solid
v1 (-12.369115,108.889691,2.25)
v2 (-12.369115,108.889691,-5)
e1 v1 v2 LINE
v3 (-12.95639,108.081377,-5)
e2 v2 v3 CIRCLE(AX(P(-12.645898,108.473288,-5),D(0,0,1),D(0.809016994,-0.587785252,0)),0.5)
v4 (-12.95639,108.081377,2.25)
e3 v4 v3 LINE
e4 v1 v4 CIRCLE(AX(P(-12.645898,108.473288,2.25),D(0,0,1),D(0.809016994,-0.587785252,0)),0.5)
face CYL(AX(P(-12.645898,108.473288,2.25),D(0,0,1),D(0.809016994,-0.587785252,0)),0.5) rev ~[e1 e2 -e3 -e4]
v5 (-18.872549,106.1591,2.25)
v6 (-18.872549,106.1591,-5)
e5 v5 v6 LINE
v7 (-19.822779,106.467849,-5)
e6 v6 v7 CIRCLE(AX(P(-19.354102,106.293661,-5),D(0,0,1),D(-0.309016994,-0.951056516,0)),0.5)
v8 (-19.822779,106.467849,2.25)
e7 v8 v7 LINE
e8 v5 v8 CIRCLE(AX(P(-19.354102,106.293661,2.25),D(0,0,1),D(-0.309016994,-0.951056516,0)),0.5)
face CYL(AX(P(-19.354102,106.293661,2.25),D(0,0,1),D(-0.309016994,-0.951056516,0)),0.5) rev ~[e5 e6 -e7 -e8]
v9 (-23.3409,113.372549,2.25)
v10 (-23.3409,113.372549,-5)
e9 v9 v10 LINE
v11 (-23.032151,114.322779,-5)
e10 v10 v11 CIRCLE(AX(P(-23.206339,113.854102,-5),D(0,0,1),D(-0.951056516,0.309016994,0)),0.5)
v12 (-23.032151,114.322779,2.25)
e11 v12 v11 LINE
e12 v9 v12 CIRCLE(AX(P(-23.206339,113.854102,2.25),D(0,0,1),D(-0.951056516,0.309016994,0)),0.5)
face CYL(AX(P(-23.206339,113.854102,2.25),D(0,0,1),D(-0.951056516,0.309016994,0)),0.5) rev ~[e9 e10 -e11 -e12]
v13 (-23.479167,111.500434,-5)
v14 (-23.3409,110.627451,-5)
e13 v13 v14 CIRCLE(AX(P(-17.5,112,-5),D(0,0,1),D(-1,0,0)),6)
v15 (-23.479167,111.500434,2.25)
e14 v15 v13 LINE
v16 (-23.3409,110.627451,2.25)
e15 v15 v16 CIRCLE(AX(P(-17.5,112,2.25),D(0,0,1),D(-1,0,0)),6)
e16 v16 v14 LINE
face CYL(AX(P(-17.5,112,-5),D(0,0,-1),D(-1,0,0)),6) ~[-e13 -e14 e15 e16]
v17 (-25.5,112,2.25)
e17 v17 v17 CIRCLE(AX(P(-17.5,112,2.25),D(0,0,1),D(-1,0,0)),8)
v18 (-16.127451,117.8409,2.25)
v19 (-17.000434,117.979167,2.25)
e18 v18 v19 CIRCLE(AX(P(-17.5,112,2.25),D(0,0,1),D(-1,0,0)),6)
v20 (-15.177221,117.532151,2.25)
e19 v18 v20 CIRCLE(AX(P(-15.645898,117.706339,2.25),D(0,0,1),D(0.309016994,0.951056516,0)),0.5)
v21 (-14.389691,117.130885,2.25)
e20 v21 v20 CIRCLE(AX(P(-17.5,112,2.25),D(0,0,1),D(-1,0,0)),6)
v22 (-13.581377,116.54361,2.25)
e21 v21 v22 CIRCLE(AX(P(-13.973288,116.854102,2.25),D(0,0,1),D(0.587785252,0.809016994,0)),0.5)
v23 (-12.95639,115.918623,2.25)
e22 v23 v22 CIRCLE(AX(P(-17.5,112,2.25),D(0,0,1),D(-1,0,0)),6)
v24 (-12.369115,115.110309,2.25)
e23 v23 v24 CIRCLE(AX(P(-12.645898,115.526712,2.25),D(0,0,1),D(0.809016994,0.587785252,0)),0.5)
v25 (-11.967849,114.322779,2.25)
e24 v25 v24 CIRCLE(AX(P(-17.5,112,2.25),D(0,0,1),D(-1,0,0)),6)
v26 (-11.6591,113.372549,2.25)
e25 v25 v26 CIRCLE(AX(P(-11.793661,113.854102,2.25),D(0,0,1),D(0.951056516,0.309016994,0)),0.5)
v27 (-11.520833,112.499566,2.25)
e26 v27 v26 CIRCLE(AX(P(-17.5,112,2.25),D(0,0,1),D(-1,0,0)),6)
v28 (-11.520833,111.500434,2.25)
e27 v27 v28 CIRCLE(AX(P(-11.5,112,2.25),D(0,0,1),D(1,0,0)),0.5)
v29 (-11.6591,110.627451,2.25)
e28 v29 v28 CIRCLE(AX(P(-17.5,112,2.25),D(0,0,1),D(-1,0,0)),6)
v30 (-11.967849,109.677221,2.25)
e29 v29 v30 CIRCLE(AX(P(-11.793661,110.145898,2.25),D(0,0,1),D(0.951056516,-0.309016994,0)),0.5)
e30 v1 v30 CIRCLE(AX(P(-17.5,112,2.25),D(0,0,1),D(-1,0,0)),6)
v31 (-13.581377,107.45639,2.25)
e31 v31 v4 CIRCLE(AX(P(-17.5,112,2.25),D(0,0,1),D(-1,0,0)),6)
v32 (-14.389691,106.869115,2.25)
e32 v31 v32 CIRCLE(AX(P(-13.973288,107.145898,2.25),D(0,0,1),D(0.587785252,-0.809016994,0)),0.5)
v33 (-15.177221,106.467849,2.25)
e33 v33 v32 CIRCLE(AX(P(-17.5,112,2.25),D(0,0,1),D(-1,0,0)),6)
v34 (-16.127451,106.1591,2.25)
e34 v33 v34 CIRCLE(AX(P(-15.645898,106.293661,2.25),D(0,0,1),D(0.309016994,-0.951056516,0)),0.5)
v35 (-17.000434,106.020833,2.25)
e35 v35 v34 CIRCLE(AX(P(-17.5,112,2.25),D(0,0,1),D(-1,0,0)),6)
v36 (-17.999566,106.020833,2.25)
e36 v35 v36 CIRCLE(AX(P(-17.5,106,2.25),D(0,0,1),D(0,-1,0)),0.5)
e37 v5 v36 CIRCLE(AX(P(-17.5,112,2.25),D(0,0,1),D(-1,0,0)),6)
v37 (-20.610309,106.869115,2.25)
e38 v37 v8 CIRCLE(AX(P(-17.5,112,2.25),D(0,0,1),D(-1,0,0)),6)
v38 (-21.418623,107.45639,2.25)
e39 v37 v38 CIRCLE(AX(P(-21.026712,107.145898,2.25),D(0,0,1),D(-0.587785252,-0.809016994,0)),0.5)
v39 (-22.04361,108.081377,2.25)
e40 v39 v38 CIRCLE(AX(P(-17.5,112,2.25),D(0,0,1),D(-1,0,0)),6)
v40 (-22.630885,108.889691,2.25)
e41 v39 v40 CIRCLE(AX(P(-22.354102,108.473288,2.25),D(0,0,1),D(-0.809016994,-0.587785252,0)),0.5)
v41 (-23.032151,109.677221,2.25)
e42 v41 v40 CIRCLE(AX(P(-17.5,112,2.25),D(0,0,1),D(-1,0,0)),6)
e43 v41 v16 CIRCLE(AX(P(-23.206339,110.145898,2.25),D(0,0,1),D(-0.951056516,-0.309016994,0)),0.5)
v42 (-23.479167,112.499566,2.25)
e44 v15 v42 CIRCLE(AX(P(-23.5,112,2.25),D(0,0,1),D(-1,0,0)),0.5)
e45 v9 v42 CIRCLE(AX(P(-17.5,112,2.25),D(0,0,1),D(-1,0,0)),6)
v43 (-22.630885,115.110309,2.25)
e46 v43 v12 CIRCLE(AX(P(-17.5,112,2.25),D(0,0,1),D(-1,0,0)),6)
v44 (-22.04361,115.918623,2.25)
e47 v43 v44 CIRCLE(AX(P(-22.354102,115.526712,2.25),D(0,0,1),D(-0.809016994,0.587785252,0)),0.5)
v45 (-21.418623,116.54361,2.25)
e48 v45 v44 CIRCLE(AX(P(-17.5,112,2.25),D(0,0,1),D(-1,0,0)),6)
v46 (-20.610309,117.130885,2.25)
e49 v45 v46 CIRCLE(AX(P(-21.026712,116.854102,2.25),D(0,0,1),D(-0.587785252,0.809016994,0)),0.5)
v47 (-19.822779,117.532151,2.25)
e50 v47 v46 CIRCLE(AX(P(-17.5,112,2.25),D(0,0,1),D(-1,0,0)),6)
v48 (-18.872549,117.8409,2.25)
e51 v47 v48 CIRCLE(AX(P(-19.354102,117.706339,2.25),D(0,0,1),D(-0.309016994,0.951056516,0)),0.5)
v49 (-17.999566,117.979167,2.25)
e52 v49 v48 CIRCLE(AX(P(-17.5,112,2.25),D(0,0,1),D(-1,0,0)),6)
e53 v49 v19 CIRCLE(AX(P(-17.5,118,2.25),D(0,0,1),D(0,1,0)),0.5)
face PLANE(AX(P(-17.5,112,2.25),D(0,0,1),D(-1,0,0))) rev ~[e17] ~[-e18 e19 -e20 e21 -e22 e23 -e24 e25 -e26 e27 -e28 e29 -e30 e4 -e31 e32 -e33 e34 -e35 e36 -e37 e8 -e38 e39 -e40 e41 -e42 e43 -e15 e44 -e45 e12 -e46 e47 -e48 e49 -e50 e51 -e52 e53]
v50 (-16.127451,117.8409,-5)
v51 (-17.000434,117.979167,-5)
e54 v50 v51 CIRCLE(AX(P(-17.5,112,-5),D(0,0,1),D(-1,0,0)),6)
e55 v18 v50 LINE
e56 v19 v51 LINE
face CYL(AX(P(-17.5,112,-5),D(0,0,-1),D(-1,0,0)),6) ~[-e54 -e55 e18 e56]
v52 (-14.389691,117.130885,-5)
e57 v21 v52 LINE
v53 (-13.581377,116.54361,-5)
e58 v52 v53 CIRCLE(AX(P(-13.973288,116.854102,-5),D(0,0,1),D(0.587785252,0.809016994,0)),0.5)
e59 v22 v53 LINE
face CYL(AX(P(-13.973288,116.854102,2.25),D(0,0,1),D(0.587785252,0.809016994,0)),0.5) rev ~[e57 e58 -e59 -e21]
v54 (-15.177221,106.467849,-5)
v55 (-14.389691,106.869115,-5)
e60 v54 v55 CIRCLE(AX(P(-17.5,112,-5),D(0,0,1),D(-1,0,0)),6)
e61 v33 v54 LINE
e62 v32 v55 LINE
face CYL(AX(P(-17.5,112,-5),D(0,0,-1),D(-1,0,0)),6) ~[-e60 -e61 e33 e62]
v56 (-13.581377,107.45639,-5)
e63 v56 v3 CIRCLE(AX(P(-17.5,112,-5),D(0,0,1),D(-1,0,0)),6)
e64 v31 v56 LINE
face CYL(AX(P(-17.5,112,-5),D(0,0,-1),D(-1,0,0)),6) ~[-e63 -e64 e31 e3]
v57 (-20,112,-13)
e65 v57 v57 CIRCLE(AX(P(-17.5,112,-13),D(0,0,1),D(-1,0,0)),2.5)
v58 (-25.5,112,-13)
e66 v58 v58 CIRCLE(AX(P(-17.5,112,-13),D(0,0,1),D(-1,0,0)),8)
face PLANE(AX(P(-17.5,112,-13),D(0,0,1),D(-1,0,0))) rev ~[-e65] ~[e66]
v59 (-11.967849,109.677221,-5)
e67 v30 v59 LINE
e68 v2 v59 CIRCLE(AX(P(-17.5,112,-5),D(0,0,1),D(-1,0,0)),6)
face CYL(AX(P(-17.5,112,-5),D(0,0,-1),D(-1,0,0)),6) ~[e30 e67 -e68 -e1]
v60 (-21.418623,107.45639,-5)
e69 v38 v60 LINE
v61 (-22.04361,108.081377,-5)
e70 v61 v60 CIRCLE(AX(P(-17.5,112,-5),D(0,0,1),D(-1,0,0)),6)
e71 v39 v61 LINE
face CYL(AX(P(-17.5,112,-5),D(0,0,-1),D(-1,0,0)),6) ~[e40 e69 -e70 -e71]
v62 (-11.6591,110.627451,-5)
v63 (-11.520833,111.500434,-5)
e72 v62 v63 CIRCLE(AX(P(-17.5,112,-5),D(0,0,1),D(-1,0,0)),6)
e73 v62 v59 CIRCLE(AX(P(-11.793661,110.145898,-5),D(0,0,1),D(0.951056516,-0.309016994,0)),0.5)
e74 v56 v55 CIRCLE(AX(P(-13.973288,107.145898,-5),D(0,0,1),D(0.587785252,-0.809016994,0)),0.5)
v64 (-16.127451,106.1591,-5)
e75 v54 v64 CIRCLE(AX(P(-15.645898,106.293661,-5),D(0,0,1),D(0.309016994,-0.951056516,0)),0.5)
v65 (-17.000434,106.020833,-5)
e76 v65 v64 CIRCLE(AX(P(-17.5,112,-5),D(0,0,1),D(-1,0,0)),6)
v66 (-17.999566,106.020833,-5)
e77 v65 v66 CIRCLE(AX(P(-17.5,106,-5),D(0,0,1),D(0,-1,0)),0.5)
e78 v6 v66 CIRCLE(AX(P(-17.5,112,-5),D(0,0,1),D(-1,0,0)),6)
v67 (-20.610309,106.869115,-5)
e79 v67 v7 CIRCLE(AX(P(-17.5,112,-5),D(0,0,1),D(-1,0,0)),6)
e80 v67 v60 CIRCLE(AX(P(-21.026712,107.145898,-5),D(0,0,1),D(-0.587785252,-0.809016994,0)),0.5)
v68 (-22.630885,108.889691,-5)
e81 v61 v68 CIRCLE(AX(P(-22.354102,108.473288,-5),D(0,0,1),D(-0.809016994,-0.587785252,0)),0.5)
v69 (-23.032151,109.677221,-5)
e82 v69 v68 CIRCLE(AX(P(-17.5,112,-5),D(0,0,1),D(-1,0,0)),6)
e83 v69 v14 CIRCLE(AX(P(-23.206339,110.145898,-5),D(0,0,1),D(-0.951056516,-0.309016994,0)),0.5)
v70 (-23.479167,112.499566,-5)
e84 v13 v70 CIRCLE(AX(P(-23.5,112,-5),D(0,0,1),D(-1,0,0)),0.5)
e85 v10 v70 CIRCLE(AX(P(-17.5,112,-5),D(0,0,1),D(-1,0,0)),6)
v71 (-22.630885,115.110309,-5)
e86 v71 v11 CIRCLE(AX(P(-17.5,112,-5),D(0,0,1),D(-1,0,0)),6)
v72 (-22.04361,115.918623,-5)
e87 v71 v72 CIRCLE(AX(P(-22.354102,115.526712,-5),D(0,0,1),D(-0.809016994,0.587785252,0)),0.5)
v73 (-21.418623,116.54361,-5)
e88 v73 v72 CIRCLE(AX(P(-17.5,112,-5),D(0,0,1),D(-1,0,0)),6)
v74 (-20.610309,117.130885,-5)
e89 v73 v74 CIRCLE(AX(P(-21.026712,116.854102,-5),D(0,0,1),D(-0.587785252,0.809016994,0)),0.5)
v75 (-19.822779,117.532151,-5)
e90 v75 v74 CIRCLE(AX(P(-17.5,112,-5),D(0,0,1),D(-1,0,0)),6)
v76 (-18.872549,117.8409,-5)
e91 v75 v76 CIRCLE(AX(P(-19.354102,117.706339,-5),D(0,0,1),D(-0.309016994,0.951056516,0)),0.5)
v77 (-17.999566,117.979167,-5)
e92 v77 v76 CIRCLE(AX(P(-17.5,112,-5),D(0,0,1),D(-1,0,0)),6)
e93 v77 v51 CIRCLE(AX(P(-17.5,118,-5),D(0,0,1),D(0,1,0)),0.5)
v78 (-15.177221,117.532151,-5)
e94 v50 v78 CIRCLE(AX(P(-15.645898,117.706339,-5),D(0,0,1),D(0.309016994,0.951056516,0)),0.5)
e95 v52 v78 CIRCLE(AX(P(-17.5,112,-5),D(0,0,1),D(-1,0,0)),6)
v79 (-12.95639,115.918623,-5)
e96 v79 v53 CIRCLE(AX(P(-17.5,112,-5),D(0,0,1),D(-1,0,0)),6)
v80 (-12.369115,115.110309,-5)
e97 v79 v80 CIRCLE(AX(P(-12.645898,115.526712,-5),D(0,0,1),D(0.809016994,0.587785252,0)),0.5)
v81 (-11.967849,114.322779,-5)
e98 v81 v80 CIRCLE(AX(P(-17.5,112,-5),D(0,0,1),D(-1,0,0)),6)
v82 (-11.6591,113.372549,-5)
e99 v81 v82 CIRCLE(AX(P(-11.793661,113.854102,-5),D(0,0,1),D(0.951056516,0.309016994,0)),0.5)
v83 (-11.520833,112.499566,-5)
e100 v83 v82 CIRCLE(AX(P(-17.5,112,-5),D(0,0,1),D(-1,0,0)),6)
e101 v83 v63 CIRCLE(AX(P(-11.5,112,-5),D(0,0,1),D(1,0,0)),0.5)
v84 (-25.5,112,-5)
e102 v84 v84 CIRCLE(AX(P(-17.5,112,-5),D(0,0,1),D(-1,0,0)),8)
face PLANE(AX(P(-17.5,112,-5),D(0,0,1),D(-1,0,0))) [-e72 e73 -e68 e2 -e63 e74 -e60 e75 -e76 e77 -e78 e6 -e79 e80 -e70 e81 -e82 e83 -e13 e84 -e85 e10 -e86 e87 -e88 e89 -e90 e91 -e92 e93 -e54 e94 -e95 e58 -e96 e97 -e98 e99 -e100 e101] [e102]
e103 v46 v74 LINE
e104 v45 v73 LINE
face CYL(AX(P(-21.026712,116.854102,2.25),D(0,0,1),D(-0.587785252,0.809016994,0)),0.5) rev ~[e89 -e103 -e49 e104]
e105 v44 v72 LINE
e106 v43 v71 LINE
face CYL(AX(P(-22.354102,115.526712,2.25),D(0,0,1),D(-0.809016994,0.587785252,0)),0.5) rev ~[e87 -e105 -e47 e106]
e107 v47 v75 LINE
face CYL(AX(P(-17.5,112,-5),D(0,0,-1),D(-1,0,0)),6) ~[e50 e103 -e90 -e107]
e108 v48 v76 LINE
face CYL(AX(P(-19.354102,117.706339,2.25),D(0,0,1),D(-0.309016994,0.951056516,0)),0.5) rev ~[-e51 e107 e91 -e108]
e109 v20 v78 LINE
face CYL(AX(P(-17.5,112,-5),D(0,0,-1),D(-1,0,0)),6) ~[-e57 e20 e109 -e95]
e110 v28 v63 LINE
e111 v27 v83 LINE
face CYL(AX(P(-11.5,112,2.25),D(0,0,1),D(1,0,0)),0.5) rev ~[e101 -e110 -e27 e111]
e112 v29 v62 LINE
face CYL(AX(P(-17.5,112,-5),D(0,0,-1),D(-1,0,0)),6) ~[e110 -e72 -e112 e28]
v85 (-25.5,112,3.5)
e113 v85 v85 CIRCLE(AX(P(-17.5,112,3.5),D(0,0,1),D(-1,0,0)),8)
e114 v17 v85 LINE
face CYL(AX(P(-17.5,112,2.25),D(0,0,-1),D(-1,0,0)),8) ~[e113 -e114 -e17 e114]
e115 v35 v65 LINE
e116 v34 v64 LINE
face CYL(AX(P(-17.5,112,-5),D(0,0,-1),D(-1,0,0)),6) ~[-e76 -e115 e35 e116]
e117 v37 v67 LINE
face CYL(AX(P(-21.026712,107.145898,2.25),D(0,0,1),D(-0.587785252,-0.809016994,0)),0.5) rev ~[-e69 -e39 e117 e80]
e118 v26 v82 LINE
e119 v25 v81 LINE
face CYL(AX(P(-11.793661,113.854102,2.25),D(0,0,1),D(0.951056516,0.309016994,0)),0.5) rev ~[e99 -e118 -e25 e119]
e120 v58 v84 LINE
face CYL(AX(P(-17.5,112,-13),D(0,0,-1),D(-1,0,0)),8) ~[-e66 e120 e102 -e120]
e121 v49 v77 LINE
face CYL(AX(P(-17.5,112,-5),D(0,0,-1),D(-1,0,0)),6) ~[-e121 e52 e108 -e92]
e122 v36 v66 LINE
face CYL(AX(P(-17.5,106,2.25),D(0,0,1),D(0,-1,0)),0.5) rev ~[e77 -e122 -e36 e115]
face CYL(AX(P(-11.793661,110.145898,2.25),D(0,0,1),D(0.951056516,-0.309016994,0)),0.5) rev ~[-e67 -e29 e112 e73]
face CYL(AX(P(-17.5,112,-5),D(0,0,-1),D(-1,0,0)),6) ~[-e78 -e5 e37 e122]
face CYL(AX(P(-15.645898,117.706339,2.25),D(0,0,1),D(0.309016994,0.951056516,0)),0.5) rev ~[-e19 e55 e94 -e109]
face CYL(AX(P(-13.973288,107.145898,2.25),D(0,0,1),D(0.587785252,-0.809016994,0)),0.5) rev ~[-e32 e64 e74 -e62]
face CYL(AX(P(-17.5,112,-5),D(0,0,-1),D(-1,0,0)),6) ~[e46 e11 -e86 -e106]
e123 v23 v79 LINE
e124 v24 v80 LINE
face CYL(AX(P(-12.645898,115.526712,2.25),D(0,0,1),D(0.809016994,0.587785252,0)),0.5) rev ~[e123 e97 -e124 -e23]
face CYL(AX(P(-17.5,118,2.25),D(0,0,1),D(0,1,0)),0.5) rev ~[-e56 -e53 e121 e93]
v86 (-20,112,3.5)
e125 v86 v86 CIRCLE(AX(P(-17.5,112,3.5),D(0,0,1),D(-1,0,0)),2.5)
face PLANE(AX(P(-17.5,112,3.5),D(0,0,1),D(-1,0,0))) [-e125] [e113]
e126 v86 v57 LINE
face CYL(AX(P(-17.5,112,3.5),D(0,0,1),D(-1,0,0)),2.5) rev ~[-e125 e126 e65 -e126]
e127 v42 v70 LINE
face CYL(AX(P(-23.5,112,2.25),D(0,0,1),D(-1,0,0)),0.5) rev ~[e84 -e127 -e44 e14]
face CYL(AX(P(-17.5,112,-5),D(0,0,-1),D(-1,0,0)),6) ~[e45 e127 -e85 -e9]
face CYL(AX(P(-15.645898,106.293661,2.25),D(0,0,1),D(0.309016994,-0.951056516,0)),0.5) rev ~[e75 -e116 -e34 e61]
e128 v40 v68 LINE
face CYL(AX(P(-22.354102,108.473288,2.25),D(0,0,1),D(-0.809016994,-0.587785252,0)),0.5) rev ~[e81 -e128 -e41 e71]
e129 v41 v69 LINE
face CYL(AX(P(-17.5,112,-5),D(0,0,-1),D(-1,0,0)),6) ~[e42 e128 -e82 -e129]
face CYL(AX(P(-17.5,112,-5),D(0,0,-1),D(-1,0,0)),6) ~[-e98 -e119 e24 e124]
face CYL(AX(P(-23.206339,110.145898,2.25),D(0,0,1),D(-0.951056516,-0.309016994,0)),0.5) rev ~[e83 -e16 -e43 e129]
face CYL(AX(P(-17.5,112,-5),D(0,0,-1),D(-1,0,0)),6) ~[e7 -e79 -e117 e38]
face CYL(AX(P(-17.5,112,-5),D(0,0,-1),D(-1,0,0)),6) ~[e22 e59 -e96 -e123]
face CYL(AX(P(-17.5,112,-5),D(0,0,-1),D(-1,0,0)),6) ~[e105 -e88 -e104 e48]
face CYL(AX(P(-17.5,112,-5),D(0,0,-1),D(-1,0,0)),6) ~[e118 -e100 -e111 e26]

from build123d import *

# Parameters (mm, degrees)
SKETCH025_R              = 8
PAD014_DEPTH             = 8
SKETCH026_R              = 6
PAD015_DEPTH             = 7.25
SKETCH027_R              = 0.5
POCKET008_DEPTH          = 7.25
POLARPATTERN_COUNT       = 20
SKETCH028_R              = 8
PAD016_DEPTH             = 1.25
SKETCH029_R              = 2.5
POCKET009_DEPTH          = 16.5
CLONE007_PLACEMENT_ANGLE = 180


with BuildPart() as part:
    # Sketch025 → Pad014 (new body)
    with BuildSketch(Plane(origin=(20, -80, 0), x_dir=(1, 0, 0), z_dir=(0, 0, -1))):
        Circle(SKETCH025_R)
    extrude(amount=PAD014_DEPTH)

    # Sketch026 → Pad015 (new body)
    with BuildSketch(Plane(origin=(20, -80, -8), x_dir=(1, 0, 0), z_dir=(0, 0, -1))):
        Circle(SKETCH026_R)
    extrude(amount=PAD015_DEPTH)

    # Sketch027 → Pocket008 (cut)
    with BuildSketch(Plane(origin=(20, -80, -15.25), x_dir=(1, 0, 0), z_dir=(0, 0, -1))):
        with Locations((6, 0)):
            Circle(SKETCH027_R)
    pocket008 = extrude(amount=-POCKET008_DEPTH, mode=Mode.SUBTRACT)

    # PolarPattern: Pocket008 ×20 about axis
    polarpattern_axis = Axis((20, -80, -15.25), (0, 0, -1))
    for i in range(1, POLARPATTERN_COUNT):
        add(pocket008.rotate(polarpattern_axis, i * 360 / POLARPATTERN_COUNT), mode=Mode.SUBTRACT)

    # Sketch028 → Pad016 (new body)
    with BuildSketch(Plane(origin=(20, -80, -15.25), x_dir=(1, 0, 0), z_dir=(0, 0, -1))):
        Circle(SKETCH028_R)
    extrude(amount=PAD016_DEPTH)

    # Sketch029 → Pocket009 (cut)
    with BuildSketch(Plane(origin=(20, -80, -16.5), x_dir=(1, 0, 0), z_dir=(0, 0, -1))):
        Circle(SKETCH029_R)
    extrude(amount=-POCKET009_DEPTH, mode=Mode.SUBTRACT)


with BuildPart() as part_1:
    # Clone007 placement: moved
    add(part.part.moved(Location((34, 192, -13))).rotate(Axis((34, 192, -13), (0, -1, 0)), CLONE007_PLACEMENT_ANGLE))


with BuildPart() as part_2:
    # Clone008 placement: moved
    add(part_1.part.moved(Location((-31.5, 0, 0))))


solid = part_2.part
